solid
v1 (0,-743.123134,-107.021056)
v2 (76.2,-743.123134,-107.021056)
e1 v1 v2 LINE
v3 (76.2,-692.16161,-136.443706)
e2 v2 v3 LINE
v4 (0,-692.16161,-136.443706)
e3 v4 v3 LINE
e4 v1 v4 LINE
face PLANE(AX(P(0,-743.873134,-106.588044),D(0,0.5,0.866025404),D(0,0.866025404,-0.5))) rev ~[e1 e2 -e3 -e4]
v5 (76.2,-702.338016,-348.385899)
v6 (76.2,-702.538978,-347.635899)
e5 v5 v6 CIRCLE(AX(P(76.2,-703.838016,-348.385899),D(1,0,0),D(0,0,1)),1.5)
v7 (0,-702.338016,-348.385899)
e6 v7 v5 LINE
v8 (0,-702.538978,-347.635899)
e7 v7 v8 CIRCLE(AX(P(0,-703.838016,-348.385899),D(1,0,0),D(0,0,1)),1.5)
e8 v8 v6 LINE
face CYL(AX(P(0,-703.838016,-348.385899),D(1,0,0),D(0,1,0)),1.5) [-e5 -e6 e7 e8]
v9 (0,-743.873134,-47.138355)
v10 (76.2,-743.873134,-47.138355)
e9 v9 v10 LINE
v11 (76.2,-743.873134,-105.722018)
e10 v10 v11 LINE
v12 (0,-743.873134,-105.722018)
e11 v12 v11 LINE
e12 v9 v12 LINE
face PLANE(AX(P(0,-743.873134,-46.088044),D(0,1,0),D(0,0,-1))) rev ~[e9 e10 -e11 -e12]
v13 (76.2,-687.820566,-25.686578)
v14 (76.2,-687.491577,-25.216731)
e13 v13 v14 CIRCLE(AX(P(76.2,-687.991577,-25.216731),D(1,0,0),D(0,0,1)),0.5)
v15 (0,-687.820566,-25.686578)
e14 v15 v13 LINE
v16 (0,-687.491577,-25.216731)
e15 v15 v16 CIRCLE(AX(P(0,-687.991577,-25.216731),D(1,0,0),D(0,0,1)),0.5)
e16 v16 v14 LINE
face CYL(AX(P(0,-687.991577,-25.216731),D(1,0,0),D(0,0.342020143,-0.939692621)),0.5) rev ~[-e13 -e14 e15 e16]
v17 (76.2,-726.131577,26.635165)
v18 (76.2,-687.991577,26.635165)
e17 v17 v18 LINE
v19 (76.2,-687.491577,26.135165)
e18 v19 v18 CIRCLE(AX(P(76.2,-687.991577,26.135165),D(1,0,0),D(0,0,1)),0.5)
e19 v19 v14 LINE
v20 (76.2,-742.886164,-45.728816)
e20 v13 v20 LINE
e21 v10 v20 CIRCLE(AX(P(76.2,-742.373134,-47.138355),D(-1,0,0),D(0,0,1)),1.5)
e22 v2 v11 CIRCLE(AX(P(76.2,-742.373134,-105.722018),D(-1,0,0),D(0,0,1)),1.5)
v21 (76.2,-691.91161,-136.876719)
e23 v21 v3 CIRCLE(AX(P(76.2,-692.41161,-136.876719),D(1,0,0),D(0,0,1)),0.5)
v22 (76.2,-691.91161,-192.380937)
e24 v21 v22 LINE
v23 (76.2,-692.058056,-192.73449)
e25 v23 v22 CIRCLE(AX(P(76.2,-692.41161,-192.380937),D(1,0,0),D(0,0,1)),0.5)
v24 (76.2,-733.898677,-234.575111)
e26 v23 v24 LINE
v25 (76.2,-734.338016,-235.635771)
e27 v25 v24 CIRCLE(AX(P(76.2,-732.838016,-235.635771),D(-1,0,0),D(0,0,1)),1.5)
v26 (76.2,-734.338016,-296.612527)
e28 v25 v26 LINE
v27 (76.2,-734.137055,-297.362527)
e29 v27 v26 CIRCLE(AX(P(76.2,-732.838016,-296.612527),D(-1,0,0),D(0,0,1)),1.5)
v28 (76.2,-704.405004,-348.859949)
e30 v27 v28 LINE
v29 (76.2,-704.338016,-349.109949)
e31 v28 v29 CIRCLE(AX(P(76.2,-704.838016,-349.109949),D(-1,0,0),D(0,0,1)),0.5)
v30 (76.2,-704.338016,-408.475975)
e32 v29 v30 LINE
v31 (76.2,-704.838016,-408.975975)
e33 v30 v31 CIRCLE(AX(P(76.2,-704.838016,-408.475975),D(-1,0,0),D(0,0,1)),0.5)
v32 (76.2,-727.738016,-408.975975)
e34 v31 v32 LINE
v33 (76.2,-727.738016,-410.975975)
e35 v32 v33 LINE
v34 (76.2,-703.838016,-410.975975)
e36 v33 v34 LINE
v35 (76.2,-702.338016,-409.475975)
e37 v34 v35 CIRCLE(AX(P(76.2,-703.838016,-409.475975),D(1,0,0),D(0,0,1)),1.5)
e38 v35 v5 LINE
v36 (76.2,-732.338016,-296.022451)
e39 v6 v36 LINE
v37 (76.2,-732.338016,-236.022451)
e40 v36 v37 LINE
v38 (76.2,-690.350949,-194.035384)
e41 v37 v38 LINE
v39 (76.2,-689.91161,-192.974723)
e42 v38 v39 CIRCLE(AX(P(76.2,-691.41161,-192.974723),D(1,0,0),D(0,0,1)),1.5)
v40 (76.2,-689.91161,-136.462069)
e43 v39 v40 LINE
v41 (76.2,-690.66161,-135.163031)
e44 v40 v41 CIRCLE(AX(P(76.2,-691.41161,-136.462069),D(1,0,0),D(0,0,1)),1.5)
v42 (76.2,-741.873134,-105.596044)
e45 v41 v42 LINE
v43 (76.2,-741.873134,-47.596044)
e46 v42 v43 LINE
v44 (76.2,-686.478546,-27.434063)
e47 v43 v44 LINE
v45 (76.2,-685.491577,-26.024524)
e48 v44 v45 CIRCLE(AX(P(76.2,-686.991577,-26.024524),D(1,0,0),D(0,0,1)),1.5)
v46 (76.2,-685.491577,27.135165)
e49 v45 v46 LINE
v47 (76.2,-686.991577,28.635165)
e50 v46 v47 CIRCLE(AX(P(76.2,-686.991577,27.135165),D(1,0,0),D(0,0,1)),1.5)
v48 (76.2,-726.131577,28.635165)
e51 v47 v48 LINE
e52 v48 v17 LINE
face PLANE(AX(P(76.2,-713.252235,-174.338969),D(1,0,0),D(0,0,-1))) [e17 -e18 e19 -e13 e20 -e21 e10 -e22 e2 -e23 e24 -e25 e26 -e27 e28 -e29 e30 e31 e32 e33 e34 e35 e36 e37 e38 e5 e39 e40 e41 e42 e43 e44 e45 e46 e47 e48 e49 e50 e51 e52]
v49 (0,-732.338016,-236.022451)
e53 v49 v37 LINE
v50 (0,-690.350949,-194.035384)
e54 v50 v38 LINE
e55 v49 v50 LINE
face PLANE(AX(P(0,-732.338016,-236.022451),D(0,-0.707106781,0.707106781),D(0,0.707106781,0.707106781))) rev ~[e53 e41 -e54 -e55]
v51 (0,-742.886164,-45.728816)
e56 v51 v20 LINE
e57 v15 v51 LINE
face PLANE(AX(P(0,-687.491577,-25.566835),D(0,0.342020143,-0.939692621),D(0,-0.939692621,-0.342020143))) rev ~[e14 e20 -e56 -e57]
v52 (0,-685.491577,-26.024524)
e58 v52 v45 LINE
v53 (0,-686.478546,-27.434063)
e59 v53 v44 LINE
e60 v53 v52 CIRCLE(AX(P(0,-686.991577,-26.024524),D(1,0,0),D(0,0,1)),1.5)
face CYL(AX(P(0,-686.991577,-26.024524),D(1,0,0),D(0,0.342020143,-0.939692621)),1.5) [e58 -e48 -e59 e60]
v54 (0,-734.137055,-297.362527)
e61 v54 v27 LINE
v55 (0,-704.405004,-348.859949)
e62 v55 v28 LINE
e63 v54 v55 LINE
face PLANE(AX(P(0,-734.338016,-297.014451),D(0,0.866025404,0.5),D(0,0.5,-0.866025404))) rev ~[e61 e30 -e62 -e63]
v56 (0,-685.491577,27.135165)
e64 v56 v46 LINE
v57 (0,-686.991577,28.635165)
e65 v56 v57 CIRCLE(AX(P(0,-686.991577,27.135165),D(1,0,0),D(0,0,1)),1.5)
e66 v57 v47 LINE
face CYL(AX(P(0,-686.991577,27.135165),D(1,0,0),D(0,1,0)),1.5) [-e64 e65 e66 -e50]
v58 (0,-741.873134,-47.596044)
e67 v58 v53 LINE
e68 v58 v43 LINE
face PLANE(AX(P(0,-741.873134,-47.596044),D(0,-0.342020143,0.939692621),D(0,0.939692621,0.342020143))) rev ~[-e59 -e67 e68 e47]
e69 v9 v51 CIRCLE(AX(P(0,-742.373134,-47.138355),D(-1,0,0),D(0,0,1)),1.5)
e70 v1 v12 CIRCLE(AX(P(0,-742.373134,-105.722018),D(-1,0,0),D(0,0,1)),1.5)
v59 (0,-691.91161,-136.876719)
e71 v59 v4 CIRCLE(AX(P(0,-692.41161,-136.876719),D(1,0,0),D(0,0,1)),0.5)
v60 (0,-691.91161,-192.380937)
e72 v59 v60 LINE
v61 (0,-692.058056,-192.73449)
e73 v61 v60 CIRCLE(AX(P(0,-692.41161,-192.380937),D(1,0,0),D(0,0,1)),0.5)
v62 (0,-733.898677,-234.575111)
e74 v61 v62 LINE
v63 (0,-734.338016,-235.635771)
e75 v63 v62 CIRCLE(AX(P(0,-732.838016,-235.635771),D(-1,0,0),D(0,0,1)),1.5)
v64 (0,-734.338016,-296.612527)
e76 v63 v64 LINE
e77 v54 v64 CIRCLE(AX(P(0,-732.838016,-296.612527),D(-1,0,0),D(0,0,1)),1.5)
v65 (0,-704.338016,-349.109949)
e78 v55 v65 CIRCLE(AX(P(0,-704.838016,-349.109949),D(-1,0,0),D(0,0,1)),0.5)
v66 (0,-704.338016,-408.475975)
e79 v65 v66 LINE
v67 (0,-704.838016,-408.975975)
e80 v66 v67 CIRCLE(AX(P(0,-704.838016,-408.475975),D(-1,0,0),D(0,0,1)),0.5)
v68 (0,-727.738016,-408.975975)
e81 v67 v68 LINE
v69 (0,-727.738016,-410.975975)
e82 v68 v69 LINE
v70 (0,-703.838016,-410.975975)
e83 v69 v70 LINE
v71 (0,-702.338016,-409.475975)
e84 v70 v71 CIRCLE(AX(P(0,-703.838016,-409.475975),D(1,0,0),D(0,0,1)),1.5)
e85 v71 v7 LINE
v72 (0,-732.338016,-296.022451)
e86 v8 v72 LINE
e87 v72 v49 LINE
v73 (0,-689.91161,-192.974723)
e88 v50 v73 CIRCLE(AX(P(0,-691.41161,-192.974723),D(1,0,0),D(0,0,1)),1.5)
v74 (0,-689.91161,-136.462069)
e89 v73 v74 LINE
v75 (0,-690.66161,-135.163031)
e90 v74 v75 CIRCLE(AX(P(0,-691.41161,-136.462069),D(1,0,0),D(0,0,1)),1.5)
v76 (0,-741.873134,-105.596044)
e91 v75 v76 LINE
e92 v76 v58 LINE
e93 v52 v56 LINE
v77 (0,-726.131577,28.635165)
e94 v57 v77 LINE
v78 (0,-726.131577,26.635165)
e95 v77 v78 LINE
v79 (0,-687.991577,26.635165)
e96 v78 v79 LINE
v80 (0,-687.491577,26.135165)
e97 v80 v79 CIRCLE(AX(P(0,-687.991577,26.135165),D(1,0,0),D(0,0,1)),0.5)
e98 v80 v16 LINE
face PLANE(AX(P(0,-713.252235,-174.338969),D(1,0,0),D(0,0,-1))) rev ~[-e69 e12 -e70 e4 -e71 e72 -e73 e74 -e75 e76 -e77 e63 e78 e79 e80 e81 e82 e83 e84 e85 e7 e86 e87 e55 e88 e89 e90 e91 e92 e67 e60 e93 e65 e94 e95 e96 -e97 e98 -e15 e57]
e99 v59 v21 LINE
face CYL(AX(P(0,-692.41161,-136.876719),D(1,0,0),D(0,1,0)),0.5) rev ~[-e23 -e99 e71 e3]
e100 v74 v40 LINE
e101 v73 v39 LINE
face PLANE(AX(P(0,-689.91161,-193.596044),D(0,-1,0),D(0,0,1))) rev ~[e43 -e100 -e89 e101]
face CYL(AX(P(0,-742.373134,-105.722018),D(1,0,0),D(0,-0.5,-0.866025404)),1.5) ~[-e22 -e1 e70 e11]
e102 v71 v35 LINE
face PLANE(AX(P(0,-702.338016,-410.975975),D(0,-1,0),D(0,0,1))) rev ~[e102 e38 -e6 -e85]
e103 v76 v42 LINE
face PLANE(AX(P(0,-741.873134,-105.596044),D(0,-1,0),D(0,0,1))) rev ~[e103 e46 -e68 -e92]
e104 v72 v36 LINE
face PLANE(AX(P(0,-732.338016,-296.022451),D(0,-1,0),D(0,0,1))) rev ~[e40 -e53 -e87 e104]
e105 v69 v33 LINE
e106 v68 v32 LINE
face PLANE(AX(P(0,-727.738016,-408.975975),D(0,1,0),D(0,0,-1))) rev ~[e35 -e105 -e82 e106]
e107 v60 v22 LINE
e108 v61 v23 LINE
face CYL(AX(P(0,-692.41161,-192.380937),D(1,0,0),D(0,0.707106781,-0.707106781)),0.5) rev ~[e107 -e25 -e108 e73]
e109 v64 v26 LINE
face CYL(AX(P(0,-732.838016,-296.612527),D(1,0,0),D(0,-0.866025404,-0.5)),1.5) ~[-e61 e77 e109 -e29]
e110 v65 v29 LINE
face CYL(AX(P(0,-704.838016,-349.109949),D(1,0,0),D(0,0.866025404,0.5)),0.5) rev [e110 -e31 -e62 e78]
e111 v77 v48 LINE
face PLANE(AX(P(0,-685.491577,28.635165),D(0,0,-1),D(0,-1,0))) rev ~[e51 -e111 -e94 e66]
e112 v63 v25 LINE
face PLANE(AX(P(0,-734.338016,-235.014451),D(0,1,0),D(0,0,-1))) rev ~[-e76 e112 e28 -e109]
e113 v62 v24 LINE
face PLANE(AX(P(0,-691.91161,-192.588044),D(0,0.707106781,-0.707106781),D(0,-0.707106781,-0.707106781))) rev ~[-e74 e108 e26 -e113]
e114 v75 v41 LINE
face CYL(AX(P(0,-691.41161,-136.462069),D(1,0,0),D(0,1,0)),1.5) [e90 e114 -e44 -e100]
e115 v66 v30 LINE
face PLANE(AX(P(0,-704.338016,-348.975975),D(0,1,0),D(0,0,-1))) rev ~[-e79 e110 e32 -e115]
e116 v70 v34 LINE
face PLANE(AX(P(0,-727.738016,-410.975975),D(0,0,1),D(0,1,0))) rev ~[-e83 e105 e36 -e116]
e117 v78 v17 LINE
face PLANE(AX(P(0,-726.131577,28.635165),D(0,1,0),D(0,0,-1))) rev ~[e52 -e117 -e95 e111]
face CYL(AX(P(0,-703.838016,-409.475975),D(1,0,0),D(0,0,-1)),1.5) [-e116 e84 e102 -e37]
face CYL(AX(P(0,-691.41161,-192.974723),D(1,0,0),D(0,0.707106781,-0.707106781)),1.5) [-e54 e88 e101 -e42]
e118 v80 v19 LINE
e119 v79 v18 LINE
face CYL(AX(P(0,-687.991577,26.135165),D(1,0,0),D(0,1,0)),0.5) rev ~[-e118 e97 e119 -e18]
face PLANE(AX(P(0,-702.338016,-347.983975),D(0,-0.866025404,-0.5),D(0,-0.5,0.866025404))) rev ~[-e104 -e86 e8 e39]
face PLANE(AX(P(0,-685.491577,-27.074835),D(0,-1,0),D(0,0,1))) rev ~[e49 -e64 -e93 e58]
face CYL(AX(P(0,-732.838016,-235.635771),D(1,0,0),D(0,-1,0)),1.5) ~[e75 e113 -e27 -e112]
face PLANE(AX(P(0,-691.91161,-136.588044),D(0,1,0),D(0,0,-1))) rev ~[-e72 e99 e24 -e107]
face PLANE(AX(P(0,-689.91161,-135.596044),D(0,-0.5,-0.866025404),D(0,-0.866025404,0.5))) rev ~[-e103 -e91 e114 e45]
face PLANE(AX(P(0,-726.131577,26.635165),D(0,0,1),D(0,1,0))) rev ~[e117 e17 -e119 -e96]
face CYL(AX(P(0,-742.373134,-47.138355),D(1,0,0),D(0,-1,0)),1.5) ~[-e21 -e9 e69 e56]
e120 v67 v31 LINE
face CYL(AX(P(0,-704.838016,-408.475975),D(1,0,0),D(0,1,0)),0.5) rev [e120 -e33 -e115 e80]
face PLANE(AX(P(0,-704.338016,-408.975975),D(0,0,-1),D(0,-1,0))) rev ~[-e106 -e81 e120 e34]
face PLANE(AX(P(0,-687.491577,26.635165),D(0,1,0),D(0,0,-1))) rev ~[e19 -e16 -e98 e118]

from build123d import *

# Parameters (mm, degrees)
BOSS_EXTRUDE1_DEPTH = 76.2
FILLET1_R           = 1.5
FILLET2_R           = 1.5
FILLET3_R           = 0.5


with BuildPart() as part:
    # Sketch1 → Boss-Extrude1 (new body)
    with BuildSketch(Plane(origin=(0, 0, 0), x_dir=(0, 0, -1), z_dir=(1, 0, 0))):
        Polygon((410.975974775, -727.738016425), (410.975974775, -702.338016425), (347.983974775, -702.338016425), (296.022450548, -732.338016425), (236.022450548, -732.338016425), (193.596043677, -689.911609554), (135.596043677, -689.911609554), (105.596043677, -741.873133781), (47.596043677, -741.873133781), (27.074835078, -685.491576534), (-28.635164922, -685.491576534), (-28.635164922, -726.131576534), (-26.635164922, -726.131576534), (-26.635164922, -687.491576534), (25.566835078, -687.491576534), (46.088043677, -743.873133781), (106.588043677, -743.873133781), (136.588043677, -691.911609554), (192.588043677, -691.911609554), (235.014450548, -734.338016425), (297.014450548, -734.338016425), (348.975974775, -704.338016425), (408.975974775, -704.338016425), (408.975974775, -727.738016425), align=None)
    extrude(amount=BOSS_EXTRUDE1_DEPTH)

    # Fillet1
    fillet1_edges = [part.edges().sort_by_distance(p)[0] for p in [
        (38.1, -685.491576534, 28.635164922),
        (38.1, -685.491576534, -27.074835078),
        (38.1, -689.911609554, -135.596043677),
        (38.1, -689.911609554, -193.596043677),
        (38.1, -702.338016425, -347.983974775),
        (38.1, -702.338016425, -410.975974775),
    ]]
    fillet(fillet1_edges, radius=FILLET1_R)

    # Fillet2
    fillet2_edges = [part.edges().sort_by_distance(p)[0] for p in [
        (38.1, -734.338016425, -297.014450548),
        (38.1, -734.338016425, -235.014450548),
        (38.1, -743.873133781, -106.588043677),
        (38.1, -743.873133781, -46.088043677),
    ]]
    fillet(fillet2_edges, radius=FILLET2_R)

    # Fillet3
    fillet3_edges = [part.edges().sort_by_distance(p)[0] for p in [
        (38.1, -704.338016425, -408.975974775),
        (38.1, -704.338016425, -348.975974775),
        (38.1, -691.911609554, -192.588043677),
        (38.1, -691.911609554, -136.588043677),
        (38.1, -687.491576534, -25.566835078),
        (38.1, -687.491576534, 26.635164922),
    ]]
    fillet(fillet3_edges, radius=FILLET3_R)


solid = part.part
